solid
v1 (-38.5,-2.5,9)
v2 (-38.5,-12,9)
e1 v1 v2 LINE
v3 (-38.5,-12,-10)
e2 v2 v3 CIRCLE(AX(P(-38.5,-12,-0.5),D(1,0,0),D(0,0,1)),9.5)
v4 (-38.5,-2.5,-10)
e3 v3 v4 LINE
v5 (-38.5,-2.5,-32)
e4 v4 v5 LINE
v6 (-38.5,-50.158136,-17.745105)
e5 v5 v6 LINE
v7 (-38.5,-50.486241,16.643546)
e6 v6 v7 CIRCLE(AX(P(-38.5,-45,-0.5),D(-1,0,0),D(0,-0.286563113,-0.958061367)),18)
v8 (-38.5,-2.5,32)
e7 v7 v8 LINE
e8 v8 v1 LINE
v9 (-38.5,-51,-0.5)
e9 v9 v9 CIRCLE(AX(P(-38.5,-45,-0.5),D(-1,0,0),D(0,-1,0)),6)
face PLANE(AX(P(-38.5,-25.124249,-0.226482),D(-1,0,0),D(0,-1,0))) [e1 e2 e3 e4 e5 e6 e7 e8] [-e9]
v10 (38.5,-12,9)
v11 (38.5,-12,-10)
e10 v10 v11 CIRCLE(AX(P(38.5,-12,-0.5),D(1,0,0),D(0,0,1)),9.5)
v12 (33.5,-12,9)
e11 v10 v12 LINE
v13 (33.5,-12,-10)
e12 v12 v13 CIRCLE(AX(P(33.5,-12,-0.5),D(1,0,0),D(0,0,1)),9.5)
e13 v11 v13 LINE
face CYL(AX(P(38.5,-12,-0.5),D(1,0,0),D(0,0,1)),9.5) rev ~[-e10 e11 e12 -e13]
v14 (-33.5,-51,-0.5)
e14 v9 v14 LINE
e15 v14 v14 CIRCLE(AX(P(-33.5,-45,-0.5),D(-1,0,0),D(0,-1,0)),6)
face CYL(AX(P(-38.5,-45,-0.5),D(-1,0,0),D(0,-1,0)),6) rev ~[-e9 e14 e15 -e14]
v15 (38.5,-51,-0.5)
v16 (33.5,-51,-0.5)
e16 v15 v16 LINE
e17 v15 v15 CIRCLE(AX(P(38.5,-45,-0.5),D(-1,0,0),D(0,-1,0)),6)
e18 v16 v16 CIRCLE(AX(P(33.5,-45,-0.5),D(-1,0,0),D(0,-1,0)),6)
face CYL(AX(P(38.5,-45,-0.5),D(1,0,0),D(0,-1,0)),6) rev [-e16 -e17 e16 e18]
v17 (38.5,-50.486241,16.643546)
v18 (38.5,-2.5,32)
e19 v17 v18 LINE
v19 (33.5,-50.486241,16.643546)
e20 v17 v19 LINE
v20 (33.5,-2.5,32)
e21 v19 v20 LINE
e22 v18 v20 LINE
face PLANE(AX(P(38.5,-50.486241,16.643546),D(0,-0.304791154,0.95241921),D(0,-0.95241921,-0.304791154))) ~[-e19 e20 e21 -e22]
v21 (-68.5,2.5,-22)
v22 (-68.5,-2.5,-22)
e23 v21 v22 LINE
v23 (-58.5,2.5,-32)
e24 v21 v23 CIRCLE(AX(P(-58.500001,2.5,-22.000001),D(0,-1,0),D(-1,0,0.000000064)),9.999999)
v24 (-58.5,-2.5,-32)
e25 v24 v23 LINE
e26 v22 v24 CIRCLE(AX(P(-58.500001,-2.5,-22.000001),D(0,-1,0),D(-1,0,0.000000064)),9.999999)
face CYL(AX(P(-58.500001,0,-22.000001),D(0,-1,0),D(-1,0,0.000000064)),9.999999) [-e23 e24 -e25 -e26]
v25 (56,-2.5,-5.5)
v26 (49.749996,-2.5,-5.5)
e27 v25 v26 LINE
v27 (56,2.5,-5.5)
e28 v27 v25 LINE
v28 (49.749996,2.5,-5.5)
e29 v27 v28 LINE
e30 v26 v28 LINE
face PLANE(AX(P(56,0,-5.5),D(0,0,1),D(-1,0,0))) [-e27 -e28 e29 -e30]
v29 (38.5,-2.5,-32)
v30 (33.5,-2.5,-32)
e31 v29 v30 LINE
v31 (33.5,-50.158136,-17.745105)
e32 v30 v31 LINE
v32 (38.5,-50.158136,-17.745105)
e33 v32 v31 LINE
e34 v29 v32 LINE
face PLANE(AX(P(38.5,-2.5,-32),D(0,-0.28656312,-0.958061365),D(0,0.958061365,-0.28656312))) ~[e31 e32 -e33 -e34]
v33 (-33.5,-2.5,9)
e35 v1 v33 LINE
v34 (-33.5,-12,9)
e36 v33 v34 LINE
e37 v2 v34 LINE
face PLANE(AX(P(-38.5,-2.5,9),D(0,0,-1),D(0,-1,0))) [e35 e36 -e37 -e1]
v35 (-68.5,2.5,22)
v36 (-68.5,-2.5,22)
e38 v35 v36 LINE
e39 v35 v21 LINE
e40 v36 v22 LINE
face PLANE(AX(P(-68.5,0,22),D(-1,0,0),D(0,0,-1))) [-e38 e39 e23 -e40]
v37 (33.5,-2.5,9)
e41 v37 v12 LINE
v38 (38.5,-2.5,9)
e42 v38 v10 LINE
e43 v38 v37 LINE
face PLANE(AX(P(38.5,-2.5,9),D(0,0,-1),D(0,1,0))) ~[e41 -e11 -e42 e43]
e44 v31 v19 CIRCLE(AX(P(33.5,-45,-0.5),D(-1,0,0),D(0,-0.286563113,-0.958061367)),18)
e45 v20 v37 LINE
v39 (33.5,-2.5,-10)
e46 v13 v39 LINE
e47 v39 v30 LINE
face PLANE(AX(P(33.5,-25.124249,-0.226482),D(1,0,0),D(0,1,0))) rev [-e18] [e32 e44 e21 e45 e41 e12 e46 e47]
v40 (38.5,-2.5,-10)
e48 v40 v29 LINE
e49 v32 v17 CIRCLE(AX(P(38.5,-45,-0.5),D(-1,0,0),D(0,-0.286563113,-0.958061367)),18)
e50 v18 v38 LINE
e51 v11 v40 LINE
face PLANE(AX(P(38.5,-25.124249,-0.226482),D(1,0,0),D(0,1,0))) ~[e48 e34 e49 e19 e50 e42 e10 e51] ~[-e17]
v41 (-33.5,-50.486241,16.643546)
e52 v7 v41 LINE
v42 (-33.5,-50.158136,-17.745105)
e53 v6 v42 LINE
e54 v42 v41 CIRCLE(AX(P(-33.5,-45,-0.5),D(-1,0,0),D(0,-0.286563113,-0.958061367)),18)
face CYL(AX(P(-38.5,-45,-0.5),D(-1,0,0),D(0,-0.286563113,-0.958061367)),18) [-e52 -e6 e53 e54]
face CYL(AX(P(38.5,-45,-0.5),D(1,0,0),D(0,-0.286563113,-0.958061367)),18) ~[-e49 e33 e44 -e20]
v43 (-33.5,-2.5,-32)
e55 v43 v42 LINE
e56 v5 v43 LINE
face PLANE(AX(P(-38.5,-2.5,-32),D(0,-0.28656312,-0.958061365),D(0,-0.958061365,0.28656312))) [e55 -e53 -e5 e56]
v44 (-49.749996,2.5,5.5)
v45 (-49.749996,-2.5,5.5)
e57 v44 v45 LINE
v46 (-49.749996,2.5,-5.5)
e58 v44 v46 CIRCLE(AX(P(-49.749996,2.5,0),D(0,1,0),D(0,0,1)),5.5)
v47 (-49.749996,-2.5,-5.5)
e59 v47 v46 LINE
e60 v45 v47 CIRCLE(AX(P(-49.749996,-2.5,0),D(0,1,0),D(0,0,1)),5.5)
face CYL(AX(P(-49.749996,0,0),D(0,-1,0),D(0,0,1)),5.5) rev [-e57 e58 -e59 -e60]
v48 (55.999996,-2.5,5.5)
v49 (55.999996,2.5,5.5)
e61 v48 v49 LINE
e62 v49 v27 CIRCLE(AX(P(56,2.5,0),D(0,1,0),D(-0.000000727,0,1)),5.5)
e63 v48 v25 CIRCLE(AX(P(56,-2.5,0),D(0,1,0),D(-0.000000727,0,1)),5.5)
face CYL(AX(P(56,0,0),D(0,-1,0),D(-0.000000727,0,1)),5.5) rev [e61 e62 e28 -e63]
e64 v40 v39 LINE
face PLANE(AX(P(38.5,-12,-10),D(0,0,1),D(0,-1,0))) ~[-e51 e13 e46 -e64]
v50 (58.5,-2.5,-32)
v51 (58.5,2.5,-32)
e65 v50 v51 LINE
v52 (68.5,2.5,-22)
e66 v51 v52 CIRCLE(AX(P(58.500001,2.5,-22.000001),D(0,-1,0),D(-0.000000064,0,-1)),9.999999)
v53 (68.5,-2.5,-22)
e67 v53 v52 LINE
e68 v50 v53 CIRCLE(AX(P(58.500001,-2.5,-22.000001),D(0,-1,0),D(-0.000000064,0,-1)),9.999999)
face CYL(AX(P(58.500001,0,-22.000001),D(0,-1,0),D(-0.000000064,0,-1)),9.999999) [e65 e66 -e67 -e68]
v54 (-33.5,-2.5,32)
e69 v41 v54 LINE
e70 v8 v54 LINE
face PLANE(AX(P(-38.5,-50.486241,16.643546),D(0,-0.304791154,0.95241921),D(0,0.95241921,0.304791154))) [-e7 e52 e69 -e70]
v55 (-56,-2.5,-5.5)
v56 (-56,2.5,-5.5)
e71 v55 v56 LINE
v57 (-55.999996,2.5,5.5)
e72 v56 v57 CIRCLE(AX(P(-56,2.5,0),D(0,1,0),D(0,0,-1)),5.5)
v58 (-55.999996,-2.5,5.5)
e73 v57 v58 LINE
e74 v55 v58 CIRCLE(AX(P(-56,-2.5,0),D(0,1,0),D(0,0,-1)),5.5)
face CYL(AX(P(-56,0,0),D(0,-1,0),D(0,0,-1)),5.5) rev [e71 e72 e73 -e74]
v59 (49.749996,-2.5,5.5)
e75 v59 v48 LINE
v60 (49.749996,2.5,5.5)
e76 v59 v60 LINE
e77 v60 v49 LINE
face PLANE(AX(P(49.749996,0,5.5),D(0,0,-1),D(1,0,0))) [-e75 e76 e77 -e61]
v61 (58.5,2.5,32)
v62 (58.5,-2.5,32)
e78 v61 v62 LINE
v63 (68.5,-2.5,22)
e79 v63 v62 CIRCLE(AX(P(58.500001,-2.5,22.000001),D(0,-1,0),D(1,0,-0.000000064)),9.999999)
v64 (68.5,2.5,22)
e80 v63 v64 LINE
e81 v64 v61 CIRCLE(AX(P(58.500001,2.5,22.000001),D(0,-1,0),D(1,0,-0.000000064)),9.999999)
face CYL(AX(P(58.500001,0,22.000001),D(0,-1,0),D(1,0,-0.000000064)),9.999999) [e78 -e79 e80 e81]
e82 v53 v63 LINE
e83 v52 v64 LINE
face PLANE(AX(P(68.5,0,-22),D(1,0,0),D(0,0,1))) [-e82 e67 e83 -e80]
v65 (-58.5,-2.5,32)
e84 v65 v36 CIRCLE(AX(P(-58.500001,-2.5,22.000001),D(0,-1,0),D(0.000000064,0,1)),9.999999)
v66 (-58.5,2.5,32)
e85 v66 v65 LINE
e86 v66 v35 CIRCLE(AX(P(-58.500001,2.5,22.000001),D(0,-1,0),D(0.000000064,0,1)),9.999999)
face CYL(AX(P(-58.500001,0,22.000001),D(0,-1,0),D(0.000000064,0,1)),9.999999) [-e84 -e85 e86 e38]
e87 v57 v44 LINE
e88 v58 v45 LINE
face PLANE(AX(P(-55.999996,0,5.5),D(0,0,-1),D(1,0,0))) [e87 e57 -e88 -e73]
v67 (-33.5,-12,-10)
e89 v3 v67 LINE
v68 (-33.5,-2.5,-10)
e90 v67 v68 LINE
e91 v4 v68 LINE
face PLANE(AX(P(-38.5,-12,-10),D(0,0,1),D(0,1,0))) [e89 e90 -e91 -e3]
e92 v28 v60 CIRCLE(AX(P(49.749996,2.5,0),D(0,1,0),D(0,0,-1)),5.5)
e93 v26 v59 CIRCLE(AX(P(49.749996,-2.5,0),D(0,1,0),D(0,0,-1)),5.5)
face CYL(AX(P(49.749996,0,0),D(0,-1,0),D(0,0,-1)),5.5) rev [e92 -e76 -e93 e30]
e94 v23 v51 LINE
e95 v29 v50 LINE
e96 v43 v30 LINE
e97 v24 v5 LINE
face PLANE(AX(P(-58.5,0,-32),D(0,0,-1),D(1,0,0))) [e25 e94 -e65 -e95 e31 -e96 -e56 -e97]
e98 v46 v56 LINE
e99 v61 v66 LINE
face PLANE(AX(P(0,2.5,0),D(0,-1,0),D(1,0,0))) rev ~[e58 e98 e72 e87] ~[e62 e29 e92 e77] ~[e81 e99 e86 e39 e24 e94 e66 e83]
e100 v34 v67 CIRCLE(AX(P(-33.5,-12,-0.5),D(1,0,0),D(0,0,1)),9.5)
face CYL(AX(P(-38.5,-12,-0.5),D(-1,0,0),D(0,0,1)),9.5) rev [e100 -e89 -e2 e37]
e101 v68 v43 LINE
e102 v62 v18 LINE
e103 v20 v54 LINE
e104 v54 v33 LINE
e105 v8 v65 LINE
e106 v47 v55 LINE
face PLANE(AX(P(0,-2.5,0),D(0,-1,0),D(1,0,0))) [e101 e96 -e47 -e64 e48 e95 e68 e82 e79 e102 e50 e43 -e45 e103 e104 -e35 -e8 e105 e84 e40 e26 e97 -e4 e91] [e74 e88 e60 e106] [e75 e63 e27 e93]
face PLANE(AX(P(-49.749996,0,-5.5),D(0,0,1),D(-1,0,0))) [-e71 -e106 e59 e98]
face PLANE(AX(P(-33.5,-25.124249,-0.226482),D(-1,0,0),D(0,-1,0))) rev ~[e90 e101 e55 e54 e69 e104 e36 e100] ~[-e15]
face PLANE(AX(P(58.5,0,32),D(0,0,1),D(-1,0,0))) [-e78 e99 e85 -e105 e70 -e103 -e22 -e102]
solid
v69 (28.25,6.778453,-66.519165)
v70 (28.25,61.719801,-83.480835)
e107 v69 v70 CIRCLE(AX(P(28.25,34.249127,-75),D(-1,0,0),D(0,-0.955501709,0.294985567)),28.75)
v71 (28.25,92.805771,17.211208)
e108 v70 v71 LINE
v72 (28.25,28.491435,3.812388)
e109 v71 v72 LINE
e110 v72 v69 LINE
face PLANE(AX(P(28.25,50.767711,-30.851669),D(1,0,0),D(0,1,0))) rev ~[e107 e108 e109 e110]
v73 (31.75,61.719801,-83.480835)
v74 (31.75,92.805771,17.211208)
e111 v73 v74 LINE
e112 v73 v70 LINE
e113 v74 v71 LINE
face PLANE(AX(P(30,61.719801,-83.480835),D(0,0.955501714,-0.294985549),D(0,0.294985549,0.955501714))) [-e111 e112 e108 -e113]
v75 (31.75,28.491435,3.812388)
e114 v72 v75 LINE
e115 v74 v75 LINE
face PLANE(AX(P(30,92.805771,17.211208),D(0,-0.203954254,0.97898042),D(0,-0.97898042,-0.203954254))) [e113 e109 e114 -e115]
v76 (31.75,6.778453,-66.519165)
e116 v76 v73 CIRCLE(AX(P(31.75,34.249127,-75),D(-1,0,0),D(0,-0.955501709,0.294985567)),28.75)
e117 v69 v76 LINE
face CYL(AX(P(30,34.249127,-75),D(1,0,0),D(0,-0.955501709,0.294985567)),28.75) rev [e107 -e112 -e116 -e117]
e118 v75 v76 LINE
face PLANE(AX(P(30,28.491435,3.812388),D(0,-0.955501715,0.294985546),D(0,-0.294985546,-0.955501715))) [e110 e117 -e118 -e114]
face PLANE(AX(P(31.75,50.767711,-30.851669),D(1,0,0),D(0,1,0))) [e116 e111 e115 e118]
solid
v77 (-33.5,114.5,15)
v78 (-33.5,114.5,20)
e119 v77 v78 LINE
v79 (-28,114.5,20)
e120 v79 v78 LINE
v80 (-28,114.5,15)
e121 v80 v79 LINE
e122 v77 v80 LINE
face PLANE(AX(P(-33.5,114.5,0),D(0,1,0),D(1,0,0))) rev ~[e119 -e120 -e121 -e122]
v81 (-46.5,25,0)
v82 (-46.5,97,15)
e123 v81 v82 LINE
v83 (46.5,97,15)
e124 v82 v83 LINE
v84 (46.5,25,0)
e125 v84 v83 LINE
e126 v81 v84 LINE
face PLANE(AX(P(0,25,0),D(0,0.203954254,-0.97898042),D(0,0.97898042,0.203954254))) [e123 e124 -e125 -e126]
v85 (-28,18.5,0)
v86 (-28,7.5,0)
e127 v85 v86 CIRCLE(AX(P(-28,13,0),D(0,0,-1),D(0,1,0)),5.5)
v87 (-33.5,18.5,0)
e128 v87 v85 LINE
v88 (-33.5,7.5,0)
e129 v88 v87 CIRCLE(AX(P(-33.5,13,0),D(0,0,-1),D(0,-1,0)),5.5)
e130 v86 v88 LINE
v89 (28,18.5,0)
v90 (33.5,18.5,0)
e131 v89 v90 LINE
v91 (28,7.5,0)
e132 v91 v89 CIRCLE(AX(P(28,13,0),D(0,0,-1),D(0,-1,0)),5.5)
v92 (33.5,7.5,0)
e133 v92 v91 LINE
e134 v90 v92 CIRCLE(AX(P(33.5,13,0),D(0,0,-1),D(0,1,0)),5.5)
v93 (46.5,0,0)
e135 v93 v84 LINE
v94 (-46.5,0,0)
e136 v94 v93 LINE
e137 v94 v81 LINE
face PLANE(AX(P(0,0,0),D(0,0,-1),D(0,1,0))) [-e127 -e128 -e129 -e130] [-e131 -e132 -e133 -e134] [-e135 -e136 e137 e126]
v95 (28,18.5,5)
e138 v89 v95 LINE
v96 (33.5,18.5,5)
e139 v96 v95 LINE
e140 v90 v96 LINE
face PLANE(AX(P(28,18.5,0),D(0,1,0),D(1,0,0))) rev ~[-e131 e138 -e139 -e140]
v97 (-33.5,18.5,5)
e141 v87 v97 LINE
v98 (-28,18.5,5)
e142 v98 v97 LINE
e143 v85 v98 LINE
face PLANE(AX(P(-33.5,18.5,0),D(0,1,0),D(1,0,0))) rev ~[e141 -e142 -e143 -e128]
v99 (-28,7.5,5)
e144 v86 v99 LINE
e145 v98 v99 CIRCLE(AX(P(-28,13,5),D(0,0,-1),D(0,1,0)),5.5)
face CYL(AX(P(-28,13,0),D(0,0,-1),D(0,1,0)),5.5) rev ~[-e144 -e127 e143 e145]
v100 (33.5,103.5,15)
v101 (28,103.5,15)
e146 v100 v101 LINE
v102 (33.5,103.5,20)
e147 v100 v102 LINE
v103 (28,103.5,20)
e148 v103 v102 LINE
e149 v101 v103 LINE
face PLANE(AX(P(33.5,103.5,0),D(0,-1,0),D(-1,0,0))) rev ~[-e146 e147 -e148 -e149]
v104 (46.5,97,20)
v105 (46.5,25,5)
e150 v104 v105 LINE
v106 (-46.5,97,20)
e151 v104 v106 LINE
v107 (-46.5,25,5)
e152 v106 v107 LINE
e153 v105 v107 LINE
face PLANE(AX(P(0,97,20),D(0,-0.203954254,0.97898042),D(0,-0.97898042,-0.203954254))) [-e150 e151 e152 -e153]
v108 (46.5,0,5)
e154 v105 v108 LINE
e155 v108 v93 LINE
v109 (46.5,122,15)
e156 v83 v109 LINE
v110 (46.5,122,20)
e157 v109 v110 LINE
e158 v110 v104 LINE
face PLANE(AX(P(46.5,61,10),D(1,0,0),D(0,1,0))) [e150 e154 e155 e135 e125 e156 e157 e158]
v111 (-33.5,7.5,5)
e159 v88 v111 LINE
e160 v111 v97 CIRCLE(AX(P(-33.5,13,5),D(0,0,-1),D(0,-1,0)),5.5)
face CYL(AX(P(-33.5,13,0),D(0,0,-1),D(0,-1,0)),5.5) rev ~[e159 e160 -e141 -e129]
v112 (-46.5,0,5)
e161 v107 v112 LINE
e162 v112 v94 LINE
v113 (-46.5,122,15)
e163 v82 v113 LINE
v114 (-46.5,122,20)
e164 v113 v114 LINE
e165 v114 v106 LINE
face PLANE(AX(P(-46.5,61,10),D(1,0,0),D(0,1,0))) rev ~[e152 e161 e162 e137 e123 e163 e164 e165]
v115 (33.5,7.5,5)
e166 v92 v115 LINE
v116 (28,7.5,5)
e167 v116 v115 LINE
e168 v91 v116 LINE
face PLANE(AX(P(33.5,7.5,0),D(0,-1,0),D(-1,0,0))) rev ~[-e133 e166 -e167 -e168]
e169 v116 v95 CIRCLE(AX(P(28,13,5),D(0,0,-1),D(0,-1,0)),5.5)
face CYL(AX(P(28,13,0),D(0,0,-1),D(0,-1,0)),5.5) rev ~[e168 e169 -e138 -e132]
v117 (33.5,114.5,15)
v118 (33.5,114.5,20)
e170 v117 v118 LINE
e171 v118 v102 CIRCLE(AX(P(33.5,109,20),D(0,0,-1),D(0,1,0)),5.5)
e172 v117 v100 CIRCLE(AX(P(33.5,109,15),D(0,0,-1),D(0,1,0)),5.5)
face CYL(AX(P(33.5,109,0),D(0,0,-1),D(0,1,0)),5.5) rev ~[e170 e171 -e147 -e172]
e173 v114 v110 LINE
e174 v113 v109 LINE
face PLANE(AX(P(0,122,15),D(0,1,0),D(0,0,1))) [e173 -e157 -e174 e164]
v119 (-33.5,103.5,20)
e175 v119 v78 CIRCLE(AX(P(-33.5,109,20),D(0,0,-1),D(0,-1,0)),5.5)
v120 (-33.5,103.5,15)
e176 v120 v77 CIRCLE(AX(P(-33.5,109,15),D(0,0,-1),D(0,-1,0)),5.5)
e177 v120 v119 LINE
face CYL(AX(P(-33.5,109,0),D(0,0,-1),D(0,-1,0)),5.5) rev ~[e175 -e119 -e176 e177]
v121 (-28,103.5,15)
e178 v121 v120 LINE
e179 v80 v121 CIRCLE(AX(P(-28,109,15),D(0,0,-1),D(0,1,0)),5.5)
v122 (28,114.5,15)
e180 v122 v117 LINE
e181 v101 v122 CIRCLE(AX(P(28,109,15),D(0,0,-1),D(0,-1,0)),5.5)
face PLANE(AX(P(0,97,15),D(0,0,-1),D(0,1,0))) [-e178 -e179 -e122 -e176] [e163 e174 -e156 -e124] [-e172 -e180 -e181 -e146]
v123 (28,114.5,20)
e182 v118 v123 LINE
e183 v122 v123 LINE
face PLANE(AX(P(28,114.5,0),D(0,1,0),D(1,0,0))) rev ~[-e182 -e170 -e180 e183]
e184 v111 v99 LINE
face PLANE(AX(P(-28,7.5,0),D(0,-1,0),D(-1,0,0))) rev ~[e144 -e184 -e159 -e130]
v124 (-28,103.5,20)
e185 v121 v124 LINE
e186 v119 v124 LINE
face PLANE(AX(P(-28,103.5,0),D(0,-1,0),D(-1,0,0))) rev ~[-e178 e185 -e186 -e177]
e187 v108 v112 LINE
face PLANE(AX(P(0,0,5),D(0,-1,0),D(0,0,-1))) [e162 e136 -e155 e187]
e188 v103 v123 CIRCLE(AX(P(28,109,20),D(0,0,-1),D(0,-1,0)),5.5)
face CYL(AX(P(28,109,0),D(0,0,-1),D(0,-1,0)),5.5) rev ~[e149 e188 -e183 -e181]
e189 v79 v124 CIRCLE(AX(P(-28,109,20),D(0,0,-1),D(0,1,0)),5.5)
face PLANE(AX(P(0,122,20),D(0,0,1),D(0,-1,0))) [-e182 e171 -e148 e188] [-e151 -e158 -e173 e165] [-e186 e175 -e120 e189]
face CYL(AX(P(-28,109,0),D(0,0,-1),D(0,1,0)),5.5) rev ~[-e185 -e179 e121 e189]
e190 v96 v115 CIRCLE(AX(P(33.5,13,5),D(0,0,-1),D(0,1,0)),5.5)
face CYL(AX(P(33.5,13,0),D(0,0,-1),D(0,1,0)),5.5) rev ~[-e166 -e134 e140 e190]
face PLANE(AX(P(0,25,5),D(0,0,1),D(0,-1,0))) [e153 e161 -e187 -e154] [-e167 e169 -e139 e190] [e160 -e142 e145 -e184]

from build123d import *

# Parameters (mm, degrees)
F1_DEPTH  = 2.5
F3_R      = 6
F4_DEPTH  = 5
F7_DEPTH  = 46.5
F9_DEPTH  = 25
F11_DEPTH = 1.75


with BuildPart() as f1:
    # F0 (on Front) → F1 (new body, symmetric)
    with BuildSketch(Plane.XZ):
        with BuildLine():
            ThreePointArc((68.5, 22), (65.571068, 29.071068), (58.5, 32))
            Line((58.5, 32), (-58.5, 32))
            ThreePointArc((-58.5, 32), (-65.571068, 29.071068), (-68.5, 22))
            Line((-68.5, 22), (-68.5, -22))
            ThreePointArc((-68.5, -22), (-65.571068, -29.071068), (-58.5, -32))
            Line((-58.5, -32), (58.5, -32))
            ThreePointArc((58.5, -32), (65.571068, -29.071068), (68.5, -22))
            Line((68.5, -22), (68.5, 22))
        make_face()
        with BuildLine():
            Line((-55.999996, 5.5), (-49.749996, 5.5))
            ThreePointArc((-49.749996, 5.5), (-44.249996, 0), (-49.749996, -5.5))
            Line((-49.749996, -5.5), (-56, -5.5))
            ThreePointArc((-56, -5.5), (-61.5, 2e-06), (-55.999996, 5.5))
        make_face(mode=Mode.SUBTRACT)
        with BuildLine():
            Line((56, -5.5), (49.749996, -5.5))
            ThreePointArc((49.749996, -5.5), (44.249996, 0), (49.749996, 5.5))
            Line((49.749996, 5.5), (55.999996, 5.5))
            ThreePointArc((55.999996, 5.5), (61.5, 2e-06), (56, -5.5))
        make_face(mode=Mode.SUBTRACT)
    extrude(amount=F1_DEPTH, both=True)

    # F3 (on offset) → F4 (join)
    with BuildSketch(Plane(origin=(-38.5, 0, 0), x_dir=(0, -1, 0), z_dir=(-1, 0, 0))):
        with BuildLine():
            Line((50.486241, 16.643546), (2.5, 32))
            Line((2.5, 32), (2.5, 9))
            Line((2.5, 9), (12, 9))
            ThreePointArc((12, 9), (21.5, -0.5), (12, -10))
            Line((12, -10), (2.5, -10))
            Line((2.5, -10), (2.5, -32))
            Line((2.5, -32), (50.158136, -17.745105))
            ThreePointArc((50.158136, -17.745105), (62.999181, -0.671731), (50.486241, 16.643546))
        make_face()
        with Locations((45, -0.5)):
            Circle(F3_R, mode=Mode.SUBTRACT)
    extrude(amount=-F4_DEPTH)

    # F5: F1 across plane


with BuildPart() as f1_1:
    add(f1.part)
    add(f1.part.mirror(Plane.YZ))


with BuildPart() as f7:
    # F6 (on Right) → F7 (new body, symmetric)
    with BuildSketch(Plane.YZ):
        Polygon((0, 5), (0, 0), (25, 0), (97, 15), (122, 15), (122, 20), (97, 20), (25, 5), align=None)
    extrude(amount=F7_DEPTH, both=True)

    # F8 (on face) → F9 (cut)
    with BuildSketch(Plane(origin=(0, 0, 0), x_dir=(1, 0, 0), z_dir=(0, 0, -1))):
        with BuildLine():
            ThreePointArc((28, -103.5), (22.5, -109), (28, -114.5))
            Line((28, -114.5), (33.5, -114.5))
            ThreePointArc((33.5, -114.5), (39, -109), (33.5, -103.5))
            Line((33.5, -103.5), (28, -103.5))
        make_face()
        with BuildLine():
            ThreePointArc((-28, -114.5), (-22.5, -109), (-28, -103.5))
            Line((-28, -103.5), (-33.5, -103.5))
            ThreePointArc((-33.5, -103.5), (-39, -109), (-33.5, -114.5))
            Line((-33.5, -114.5), (-28, -114.5))
        make_face()
        with BuildLine():
            ThreePointArc((28, -7.5), (22.5, -13), (28, -18.5))
            Line((28, -18.5), (33.5, -18.5))
            ThreePointArc((33.5, -18.5), (39, -13), (33.5, -7.5))
            Line((33.5, -7.5), (28, -7.5))
        make_face()
        with BuildLine():
            ThreePointArc((-28, -18.5), (-22.5, -13), (-28, -7.5))
            Line((-28, -7.5), (-33.5, -7.5))
            ThreePointArc((-33.5, -7.5), (-39, -13), (-33.5, -18.5))
            Line((-33.5, -18.5), (-28, -18.5))
        make_face()
    extrude(amount=-F9_DEPTH, mode=Mode.SUBTRACT)


with BuildPart() as f11:
    # F10 (on Right) → F11 (new body, symmetric)
    with BuildSketch(Plane.YZ):
        with BuildLine():
            Line((92.805771, 17.211208), (28.491435, 3.812388))
            Line((28.491435, 3.812388), (6.778453, -66.519165))
            ThreePointArc((6.778453, -66.519165), (42.729962, -47.529326), (61.719801, -83.480835))
            Line((61.719801, -83.480835), (92.805771, 17.211208))
        make_face()
    extrude(amount=F11_DEPTH, both=True)


with BuildPart() as f11_1:
    # F12: moved
    add(f11.part.moved(Location((30, 0, 0))))


solid = Compound([f1_1.part, f7.part, f11_1.part])
